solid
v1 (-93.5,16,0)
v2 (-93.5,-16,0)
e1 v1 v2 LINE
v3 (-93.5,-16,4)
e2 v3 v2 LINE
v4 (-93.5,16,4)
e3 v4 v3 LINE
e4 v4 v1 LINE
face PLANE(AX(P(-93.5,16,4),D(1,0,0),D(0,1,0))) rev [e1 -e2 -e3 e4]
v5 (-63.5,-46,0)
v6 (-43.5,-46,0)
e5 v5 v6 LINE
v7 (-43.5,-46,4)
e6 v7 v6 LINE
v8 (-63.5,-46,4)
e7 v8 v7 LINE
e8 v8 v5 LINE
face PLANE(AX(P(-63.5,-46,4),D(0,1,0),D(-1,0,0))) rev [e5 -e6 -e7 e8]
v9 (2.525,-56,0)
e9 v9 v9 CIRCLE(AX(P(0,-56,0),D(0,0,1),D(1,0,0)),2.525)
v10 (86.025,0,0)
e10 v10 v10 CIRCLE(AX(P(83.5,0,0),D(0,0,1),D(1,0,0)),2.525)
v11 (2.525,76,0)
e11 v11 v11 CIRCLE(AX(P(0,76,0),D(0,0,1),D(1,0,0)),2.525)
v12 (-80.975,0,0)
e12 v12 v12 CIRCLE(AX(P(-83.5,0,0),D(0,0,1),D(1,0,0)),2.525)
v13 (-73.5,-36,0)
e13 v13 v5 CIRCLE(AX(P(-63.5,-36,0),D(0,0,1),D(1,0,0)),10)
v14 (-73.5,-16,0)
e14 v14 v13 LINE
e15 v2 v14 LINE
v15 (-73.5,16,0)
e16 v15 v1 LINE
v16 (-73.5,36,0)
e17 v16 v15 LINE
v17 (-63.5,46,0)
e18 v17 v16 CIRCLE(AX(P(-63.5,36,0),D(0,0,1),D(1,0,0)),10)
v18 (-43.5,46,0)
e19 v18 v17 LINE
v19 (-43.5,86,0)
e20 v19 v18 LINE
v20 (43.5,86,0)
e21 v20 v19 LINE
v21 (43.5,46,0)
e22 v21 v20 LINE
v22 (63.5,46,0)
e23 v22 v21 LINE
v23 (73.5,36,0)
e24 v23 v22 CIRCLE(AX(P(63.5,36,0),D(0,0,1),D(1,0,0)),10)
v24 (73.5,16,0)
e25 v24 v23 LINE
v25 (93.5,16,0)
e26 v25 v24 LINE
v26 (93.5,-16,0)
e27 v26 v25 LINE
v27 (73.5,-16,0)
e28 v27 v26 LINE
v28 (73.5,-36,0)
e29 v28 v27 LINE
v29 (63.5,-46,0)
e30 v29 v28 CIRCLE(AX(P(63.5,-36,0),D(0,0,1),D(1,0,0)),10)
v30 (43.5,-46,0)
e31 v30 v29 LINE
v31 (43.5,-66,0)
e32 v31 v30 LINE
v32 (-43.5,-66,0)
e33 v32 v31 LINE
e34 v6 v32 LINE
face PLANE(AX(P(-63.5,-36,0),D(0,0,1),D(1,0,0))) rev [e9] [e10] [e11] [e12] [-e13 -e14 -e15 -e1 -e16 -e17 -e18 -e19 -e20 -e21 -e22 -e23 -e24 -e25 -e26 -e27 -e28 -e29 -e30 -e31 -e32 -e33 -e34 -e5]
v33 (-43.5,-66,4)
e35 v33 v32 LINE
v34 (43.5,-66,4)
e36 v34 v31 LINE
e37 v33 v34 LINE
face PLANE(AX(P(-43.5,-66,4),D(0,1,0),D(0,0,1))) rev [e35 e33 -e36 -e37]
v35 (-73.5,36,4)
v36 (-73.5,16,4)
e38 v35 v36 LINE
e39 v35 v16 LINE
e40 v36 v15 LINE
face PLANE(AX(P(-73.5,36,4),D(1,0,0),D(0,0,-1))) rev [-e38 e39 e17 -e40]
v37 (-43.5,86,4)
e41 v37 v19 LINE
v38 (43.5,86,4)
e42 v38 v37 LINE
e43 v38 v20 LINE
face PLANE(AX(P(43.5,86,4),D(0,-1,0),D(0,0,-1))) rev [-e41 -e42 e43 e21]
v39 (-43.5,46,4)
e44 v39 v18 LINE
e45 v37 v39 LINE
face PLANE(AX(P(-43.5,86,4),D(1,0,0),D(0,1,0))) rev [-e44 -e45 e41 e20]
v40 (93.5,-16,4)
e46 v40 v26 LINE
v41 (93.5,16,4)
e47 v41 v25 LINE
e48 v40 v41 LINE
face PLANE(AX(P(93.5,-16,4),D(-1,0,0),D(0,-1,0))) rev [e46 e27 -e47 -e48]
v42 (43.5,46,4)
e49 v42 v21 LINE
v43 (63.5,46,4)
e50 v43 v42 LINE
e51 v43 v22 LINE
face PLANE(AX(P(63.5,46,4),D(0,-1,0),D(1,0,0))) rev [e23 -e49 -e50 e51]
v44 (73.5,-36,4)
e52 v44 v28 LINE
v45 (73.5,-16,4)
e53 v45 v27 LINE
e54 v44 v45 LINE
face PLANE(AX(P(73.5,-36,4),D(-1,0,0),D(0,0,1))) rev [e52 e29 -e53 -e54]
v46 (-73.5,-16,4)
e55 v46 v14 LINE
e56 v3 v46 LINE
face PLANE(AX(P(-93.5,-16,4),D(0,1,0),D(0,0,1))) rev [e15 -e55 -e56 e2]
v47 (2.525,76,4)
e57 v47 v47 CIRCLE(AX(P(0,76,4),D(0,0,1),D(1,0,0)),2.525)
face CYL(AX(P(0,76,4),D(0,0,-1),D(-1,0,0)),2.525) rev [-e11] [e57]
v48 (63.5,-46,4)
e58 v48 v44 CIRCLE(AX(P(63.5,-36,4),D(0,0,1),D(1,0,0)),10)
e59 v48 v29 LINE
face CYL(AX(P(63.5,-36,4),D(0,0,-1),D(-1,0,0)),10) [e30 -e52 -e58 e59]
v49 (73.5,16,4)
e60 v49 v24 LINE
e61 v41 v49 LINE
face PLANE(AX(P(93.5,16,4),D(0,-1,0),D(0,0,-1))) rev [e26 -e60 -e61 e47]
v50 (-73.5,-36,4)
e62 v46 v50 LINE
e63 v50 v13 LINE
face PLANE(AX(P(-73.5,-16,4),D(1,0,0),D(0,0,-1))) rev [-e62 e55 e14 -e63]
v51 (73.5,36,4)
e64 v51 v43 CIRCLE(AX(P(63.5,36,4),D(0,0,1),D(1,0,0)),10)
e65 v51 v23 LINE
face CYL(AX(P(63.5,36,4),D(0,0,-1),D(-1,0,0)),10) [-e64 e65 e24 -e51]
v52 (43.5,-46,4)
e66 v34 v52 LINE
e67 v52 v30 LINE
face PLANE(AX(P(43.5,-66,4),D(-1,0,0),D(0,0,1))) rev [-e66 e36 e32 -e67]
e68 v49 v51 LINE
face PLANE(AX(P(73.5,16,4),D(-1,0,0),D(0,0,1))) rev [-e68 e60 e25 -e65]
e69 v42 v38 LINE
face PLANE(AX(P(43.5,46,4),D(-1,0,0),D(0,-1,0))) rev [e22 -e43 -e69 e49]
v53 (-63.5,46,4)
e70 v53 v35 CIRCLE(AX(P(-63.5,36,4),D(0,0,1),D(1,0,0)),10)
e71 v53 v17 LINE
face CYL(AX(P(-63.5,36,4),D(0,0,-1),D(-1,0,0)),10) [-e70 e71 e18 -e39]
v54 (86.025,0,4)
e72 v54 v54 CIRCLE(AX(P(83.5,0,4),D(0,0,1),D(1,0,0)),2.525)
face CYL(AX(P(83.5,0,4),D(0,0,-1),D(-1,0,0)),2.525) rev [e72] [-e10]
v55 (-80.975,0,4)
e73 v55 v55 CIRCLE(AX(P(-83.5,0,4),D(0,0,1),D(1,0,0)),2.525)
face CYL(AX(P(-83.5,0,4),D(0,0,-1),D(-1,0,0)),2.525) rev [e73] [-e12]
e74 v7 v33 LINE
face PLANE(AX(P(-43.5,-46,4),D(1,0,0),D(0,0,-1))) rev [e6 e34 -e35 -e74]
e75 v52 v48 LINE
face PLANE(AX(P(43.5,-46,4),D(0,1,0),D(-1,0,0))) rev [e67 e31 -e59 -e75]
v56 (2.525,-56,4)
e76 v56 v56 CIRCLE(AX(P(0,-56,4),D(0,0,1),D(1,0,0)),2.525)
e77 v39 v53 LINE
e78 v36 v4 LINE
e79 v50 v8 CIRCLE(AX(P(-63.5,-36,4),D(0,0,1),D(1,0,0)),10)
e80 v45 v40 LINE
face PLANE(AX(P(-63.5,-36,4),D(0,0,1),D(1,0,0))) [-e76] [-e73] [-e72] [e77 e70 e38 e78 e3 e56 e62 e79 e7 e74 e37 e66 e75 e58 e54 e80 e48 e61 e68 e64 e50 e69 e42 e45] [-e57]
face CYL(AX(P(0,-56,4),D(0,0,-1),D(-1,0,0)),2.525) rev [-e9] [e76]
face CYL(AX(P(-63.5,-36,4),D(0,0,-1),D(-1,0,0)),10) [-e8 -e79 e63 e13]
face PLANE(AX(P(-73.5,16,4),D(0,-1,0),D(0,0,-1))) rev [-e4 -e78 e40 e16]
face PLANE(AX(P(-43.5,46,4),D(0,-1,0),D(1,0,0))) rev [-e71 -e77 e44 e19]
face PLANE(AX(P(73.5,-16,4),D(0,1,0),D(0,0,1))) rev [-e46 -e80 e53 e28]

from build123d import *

# Parameters (mm, degrees)
SKETCH1_R           = 2.525
BOSS_EXTRUDE1_DEPTH = 4


with BuildPart() as part:
    # Sketch1 → Boss-Extrude1 (new body)
    with BuildSketch(Plane.XY):
        with BuildLine():
            Line((-43.5, 86), (-43.5, 46))
            Line((-43.5, 46), (-63.5, 46))
            ThreePointArc((-63.5, 46), (-70.571067812, 43.071067812), (-73.5, 36))
            Line((-73.5, 36), (-73.5, 16))
            Line((-73.5, 16), (-93.5, 16))
            Line((-93.5, 16), (-93.5, -16))
            Line((-93.5, -16), (-73.5, -16))
            Line((-73.5, -16), (-73.5, -36))
            ThreePointArc((-73.5, -36), (-70.571067812, -43.071067812), (-63.5, -46))
            Line((-63.5, -46), (-43.5, -46))
            Line((-43.5, -46), (-43.5, -66))
            Line((-43.5, -66), (43.5, -66))
            Line((43.5, -66), (43.5, -46))
            Line((43.5, -46), (63.5, -46))
            ThreePointArc((63.5, -46), (70.571067812, -43.071067812), (73.5, -36))
            Line((73.5, -36), (73.5, -16))
            Line((73.5, -16), (93.5, -16))
            Line((93.5, -16), (93.5, 16))
            Line((93.5, 16), (73.5, 16))
            Line((73.5, 16), (73.5, 36))
            ThreePointArc((73.5, 36), (70.571067812, 43.071067812), (63.5, 46))
            Line((63.5, 46), (43.5, 46))
            Line((43.5, 46), (43.5, 86))
            Line((43.5, 86), (-43.5, 86))
        make_face()
        with Locations((0, 76)):
            Circle(SKETCH1_R, mode=Mode.SUBTRACT)
        with Locations((-83.5, 0)):
            Circle(SKETCH1_R, mode=Mode.SUBTRACT)
        with Locations((83.5, 0)):
            Circle(SKETCH1_R, mode=Mode.SUBTRACT)
        with Locations((0, -56)):
            Circle(SKETCH1_R, mode=Mode.SUBTRACT)
    extrude(amount=BOSS_EXTRUDE1_DEPTH)


solid = part.part
